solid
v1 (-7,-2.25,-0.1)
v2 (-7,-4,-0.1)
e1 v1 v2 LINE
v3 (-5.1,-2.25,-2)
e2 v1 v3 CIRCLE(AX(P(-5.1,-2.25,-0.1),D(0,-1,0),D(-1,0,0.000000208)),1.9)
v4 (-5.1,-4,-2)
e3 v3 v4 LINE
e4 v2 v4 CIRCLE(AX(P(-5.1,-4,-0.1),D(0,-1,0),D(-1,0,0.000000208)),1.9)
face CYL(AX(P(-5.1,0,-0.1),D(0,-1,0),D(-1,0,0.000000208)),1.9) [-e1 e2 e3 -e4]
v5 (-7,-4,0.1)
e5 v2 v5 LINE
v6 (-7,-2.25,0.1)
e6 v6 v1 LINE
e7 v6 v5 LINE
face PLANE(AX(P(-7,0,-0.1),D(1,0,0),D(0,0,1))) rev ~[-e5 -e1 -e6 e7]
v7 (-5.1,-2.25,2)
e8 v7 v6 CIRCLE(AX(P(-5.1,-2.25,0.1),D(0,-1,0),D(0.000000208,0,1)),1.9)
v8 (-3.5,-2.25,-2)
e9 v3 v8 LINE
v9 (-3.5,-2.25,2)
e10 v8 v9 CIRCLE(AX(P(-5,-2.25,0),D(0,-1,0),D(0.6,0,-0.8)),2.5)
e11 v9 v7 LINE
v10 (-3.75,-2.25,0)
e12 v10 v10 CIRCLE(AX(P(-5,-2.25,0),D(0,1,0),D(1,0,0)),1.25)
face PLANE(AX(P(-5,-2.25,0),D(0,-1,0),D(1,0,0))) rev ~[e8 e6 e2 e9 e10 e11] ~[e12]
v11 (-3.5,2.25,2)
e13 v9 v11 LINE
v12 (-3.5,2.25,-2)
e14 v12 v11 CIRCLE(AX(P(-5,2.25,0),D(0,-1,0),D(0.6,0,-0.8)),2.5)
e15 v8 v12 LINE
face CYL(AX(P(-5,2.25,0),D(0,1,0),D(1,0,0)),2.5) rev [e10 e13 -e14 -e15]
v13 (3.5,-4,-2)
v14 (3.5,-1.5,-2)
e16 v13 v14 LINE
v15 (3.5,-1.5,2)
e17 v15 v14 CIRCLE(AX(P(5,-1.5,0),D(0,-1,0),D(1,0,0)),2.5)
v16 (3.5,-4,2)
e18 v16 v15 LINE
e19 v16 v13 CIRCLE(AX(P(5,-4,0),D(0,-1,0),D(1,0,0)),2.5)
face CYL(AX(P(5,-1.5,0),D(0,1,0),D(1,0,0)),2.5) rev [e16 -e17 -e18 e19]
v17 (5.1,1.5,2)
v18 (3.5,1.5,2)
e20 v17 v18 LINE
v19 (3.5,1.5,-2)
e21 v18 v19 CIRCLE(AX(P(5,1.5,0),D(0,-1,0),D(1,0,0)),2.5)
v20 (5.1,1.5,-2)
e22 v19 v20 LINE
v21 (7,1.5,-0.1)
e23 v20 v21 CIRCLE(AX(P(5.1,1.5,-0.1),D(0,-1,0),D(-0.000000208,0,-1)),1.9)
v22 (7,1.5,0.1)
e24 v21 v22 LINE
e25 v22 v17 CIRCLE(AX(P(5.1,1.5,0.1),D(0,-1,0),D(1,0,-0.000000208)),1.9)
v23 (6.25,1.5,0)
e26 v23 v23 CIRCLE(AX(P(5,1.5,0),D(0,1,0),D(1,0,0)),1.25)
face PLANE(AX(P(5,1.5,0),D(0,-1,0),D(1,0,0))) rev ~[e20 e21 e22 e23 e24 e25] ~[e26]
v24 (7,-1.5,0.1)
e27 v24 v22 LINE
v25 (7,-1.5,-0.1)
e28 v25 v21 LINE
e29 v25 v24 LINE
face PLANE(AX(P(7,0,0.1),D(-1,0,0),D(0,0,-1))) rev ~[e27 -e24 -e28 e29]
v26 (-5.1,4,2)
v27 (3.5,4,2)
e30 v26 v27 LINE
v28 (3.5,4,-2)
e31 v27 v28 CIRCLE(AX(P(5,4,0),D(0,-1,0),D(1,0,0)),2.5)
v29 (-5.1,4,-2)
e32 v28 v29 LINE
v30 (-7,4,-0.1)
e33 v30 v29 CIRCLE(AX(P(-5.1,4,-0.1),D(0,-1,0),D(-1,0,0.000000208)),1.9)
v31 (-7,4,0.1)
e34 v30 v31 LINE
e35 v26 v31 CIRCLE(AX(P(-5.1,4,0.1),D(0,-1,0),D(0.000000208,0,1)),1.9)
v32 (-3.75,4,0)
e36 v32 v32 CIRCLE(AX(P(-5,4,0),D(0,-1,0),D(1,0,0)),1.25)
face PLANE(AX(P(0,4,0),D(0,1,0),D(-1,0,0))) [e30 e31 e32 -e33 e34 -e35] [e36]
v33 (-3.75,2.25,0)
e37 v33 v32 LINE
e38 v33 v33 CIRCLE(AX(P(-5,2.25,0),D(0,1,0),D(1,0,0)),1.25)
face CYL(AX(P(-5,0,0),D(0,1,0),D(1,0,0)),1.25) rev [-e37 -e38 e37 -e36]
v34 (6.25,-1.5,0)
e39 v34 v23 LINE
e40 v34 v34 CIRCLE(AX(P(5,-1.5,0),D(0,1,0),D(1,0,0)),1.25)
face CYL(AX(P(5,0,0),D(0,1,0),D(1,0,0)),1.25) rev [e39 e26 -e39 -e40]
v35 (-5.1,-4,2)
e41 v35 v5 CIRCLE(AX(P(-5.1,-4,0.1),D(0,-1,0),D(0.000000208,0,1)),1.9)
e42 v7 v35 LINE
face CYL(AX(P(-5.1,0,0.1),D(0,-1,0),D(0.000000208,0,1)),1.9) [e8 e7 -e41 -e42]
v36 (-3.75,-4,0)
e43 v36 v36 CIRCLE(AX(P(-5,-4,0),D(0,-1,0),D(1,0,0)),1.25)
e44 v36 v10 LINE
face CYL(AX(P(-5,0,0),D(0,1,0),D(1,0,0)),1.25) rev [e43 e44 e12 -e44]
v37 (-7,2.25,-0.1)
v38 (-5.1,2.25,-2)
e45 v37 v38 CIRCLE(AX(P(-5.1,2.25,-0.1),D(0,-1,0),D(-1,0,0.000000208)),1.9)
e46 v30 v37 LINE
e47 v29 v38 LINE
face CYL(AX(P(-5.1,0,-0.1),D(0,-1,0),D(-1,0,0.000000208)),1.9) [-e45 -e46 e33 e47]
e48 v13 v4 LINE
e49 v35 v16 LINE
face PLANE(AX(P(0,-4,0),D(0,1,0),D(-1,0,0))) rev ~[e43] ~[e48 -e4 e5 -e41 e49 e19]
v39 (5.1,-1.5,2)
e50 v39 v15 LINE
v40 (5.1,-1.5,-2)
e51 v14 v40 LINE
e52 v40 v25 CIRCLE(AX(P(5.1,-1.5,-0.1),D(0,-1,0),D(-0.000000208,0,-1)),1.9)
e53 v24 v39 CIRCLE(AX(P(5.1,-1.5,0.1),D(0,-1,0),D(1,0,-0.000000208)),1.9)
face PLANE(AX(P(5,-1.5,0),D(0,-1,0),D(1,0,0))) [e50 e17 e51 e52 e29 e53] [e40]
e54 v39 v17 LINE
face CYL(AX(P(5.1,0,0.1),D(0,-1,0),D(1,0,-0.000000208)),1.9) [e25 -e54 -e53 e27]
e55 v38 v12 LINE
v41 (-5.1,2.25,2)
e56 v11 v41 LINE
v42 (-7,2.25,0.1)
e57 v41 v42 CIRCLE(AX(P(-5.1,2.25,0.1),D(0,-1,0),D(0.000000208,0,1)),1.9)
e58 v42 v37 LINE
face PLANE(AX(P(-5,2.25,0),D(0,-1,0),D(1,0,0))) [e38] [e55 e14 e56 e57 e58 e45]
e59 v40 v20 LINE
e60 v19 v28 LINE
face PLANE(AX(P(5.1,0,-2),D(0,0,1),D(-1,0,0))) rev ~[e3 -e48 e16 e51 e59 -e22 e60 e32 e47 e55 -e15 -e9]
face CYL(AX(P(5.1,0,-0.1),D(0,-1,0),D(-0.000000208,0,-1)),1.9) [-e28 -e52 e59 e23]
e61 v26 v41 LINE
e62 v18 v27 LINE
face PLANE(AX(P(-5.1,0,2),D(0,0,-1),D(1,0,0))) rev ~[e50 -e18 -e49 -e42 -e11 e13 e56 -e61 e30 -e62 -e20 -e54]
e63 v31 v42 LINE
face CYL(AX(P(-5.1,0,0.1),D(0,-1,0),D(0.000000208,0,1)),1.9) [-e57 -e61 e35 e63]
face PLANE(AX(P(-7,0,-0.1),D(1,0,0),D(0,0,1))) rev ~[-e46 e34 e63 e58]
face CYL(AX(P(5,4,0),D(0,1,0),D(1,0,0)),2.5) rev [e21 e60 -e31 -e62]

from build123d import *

# Parameters (mm, degrees)
CYLINDER001_R          = 2.5
CYLINDER001_DEPTH      = 2.5
CYLINDER001_ROLL_ANGLE = 90
CYLINDER002_R          = 2.5
CYLINDER002_DEPTH      = 2.5
CYLINDER002_ROLL_ANGLE = 90
CYLINDER_R             = 2.5
CYLINDER_DEPTH         = 4.5
CYLINDER_ROLL_ANGLE    = 90
SKETCH_R               = 1.25
PAD_DEPTH              = 4


with BuildPart() as cylinder001:
    # Cylinder001 → Cylinder001 (new body)
    with BuildSketch(Plane.XY):
        Circle(CYLINDER001_R)
    extrude(amount=CYLINDER001_DEPTH)


with BuildPart() as cylinder001_1:
    # Cylinder001 roll: moved
    add(cylinder001.part.rotate(Axis((0, 0, 0), (1, 0, 0)), CYLINDER001_ROLL_ANGLE))


with BuildPart() as cylinder001_2:
    # Cylinder001 placement: moved
    add(cylinder001_1.part.moved(Location((5, 4, 0))))


with BuildPart() as cylinder002:
    # Cylinder002 → Cylinder002 (new body)
    with BuildSketch(Plane.XY):
        Circle(CYLINDER002_R)
    extrude(amount=CYLINDER002_DEPTH)


with BuildPart() as cylinder002_1:
    # Cylinder002 roll: moved
    add(cylinder002.part.rotate(Axis((0, 0, 0), (1, 0, 0)), CYLINDER002_ROLL_ANGLE))


with BuildPart() as cylinder002_2:
    # Cylinder002 placement: moved
    add(cylinder002_1.part.moved(Location((5, -1.5, 0))))


with BuildPart() as axes_cutout:
    # Cylinder → Cylinder (new body)
    with BuildSketch(Plane.XY):
        Circle(CYLINDER_R)
    extrude(amount=CYLINDER_DEPTH)


with BuildPart() as axes_cutout_1:
    # Cylinder roll: moved
    add(axes_cutout.part.rotate(Axis((0, 0, 0), (1, 0, 0)), CYLINDER_ROLL_ANGLE))


with BuildPart() as axes_cutout_2:
    # Cylinder placement: moved
    add(axes_cutout_1.part.moved(Location((-5, 2.25, 0))))

    # Fusion: union Cylinder001, Cylinder002
    add(cylinder001_2.part)
    add(cylinder002_2.part)


with BuildPart() as track_shape:
    # Sketch → Pad (new body, symmetric)
    with BuildSketch(Plane.XZ):
        with BuildLine():
            Line((-5.1, 2), (5.1, 2))
            ThreePointArc((7, 0.1), (6.443503, 1.443503), (5.1, 2))
            Line((7, 0.1), (7, -0.1))
            ThreePointArc((5.1, -2), (6.443503, -1.443503), (7, -0.1))
            Line((5.1, -2), (-5.1, -2))
            ThreePointArc((-7, -0.1), (-6.443503, -1.443503), (-5.1, -2))
            Line((-7, -0.1), (-7, 0.1))
            ThreePointArc((-5.1, 2), (-6.443503, 1.443503), (-7, 0.1))
        make_face()
        with Locations((-5, 0)):
            Circle(SKETCH_R, mode=Mode.SUBTRACT)
        with Locations((5, 0)):
            Circle(SKETCH_R, mode=Mode.SUBTRACT)
    extrude(amount=PAD_DEPTH, both=True)

    # Cut: cut axes-cutout
    add(axes_cutout_2.part, mode=Mode.SUBTRACT)


solid = track_shape.part
